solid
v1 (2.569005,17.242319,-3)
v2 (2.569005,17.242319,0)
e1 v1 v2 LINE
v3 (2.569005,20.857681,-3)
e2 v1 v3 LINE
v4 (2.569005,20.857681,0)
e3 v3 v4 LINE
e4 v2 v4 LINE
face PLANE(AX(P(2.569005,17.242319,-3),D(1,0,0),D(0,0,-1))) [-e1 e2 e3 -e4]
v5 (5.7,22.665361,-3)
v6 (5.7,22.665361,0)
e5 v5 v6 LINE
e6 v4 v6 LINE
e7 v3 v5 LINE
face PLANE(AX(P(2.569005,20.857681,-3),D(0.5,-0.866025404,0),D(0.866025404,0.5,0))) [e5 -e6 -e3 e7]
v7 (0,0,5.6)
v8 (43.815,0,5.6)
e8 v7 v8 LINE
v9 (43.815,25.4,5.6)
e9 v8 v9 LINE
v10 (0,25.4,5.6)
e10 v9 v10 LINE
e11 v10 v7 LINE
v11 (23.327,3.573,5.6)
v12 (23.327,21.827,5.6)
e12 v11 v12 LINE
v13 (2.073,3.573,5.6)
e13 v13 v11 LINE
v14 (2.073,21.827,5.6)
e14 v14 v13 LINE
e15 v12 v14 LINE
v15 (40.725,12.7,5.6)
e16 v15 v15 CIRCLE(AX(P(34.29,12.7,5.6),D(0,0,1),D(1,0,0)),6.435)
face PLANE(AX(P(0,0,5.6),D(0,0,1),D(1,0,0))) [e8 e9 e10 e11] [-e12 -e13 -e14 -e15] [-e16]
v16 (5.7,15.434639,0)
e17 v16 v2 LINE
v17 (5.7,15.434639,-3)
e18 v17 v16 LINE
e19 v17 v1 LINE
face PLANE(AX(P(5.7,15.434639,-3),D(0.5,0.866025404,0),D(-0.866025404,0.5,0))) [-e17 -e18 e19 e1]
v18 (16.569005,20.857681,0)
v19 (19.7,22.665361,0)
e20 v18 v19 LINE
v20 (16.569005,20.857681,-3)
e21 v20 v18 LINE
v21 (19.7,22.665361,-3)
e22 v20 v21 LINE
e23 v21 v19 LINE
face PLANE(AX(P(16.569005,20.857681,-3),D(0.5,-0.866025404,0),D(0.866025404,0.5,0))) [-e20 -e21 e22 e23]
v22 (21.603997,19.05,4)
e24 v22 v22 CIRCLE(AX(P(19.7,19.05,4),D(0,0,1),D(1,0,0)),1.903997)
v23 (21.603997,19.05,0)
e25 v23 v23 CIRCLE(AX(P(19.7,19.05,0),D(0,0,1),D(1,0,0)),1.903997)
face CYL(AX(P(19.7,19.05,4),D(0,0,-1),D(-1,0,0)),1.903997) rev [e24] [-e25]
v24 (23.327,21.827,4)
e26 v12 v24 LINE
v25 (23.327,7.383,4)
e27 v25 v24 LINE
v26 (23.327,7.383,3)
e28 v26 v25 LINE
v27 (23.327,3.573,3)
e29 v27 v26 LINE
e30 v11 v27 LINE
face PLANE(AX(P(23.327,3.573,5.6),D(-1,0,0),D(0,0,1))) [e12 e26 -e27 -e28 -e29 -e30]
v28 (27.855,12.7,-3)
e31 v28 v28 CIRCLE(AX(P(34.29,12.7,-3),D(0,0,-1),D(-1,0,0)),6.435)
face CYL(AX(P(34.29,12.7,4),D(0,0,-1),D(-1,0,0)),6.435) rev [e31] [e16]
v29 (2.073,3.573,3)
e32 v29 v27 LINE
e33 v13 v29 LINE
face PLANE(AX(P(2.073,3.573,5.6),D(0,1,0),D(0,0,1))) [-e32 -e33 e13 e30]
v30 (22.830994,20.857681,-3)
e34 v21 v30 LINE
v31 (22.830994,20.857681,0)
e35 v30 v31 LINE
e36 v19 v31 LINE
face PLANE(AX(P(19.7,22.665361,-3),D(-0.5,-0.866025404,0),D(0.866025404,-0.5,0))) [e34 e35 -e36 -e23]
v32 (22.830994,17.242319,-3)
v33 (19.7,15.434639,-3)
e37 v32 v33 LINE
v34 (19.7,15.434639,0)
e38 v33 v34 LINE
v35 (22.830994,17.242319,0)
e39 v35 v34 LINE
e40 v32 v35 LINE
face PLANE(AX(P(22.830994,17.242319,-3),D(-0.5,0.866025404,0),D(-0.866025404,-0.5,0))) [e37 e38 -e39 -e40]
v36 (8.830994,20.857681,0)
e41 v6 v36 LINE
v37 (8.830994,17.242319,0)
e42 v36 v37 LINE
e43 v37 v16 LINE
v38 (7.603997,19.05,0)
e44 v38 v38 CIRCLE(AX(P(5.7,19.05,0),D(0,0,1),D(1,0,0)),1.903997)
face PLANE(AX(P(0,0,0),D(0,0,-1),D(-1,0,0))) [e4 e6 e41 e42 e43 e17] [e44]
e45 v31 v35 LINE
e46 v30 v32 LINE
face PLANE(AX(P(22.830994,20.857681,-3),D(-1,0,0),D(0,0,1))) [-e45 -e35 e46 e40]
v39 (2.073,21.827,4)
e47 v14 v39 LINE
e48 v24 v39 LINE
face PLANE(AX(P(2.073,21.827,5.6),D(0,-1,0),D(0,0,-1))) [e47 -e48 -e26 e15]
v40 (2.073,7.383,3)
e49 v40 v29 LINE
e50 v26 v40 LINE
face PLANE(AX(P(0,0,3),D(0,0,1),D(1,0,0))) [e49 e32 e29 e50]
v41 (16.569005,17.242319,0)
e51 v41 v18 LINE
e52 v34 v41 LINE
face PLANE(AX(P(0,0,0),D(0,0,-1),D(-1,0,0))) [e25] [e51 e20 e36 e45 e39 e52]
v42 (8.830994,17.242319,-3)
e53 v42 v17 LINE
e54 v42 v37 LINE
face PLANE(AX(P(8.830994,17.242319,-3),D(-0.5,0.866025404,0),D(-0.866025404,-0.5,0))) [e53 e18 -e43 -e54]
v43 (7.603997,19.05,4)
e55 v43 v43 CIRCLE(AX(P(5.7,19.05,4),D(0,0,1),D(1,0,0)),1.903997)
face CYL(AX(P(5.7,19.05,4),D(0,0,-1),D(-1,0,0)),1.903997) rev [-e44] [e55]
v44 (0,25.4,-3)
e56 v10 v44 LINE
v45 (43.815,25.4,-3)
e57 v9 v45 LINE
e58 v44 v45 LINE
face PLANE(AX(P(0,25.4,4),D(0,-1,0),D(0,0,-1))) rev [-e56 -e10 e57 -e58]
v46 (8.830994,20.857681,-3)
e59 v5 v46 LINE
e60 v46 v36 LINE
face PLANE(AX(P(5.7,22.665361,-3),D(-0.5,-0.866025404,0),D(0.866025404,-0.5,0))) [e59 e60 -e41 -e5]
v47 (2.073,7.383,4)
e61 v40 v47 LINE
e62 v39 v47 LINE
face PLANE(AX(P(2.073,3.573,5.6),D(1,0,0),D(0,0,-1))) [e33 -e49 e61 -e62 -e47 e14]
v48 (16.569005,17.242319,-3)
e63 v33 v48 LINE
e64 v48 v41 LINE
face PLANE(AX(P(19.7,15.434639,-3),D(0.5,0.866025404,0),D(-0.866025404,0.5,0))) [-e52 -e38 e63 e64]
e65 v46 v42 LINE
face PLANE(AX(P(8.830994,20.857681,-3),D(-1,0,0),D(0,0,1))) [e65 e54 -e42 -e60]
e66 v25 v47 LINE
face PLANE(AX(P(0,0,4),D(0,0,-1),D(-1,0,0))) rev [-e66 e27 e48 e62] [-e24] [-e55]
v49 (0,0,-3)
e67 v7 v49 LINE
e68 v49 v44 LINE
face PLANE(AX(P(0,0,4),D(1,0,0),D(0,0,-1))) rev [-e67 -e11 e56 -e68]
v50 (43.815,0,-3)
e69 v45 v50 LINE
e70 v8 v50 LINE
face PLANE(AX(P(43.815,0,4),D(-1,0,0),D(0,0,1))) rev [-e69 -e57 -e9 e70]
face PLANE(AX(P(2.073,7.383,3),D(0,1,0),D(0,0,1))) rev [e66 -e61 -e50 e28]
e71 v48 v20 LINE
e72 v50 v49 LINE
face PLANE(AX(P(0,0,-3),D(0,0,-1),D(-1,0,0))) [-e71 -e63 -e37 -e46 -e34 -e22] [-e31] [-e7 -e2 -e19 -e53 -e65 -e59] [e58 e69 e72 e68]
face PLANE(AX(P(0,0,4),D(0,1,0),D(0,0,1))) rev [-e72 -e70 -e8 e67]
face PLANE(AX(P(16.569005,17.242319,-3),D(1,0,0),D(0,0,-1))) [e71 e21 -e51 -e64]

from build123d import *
from build123d.topology import SkipClean

# Parameters (mm, degrees)
SKETCH1_W           = 43.815
SKETCH1_H           = 25.4
SKETCH1_R           = 1.9039967
SKETCH1_R_2         = 6.435
BOSS_EXTRUDE1_DEPTH = 4.000000064
SKETCH2_W           = 43.815
SKETCH2_H           = 25.4
SKETCH2_R           = 6.435
SKETCH2_W_2         = 21.254
SKETCH2_H_2         = 18.254
BOSS_EXTRUDE2_DEPTH = 1.6
BOSS_EXTRUDE3_START = 3
SKETCH3_W           = 43.815
SKETCH3_H           = 25.4
SKETCH3_R           = 6.435
BOSS_EXTRUDE3_DEPTH = 3
SKETCH5_W           = 21.254
SKETCH5_H           = 3.81
CUT_EXTRUDE1_DEPTH  = 1


with BuildPart() as part:
    # Sketch1 → Boss-Extrude1 (new body)
    with BuildSketch(Plane.XY):
        with Locations((21.9075, 12.7)):
            Rectangle(SKETCH1_W, SKETCH1_H)
        with Locations((5.7, 19.05)):
            Circle(SKETCH1_R, mode=Mode.SUBTRACT)
        with Locations((19.7, 19.05)):
            Circle(SKETCH1_R, mode=Mode.SUBTRACT)
        with Locations((34.29, 12.7)):
            Circle(SKETCH1_R_2, mode=Mode.SUBTRACT)
    extrude(amount=BOSS_EXTRUDE1_DEPTH)

    # Sketch2 → Boss-Extrude2 (add)
    with BuildSketch(Plane.XY.offset(4.000000064)):
        with Locations((21.9075, 12.7)):
            Rectangle(SKETCH2_W, SKETCH2_H)
        with Locations((34.29, 12.7)):
            Circle(SKETCH2_R, mode=Mode.SUBTRACT)
        with Locations((12.7, 12.7)):
            Rectangle(SKETCH2_W_2, SKETCH2_H_2, mode=Mode.SUBTRACT)
    extrude(amount=BOSS_EXTRUDE2_DEPTH)

    # Sketch3 → Boss-Extrude3 (add)
    with SkipClean():  # the faces are left unmerged after this step: merging them gives an invalid solid
        with BuildSketch(Plane(origin=(0, 0, 0), x_dir=(-1, 0, 0), z_dir=(0, 0, -1)).offset(BOSS_EXTRUDE3_START)):
            with Locations((-21.9075, 12.7)):
                Rectangle(SKETCH3_W, SKETCH3_H)
            with Locations((-34.29, 12.7)):
                Circle(SKETCH3_R, mode=Mode.SUBTRACT)
            Polygon((-16.5690055, 17.242319483), (-16.5690055, 20.857680517), (-19.7, 22.665361035), (-22.8309945, 20.857680517), (-22.8309945, 17.242319483), (-19.7, 15.434638965), align=None, mode=Mode.SUBTRACT)
            Polygon((-2.5690055, 20.857680517), (-5.7, 22.665361035), (-8.8309945, 20.857680517), (-8.8309945, 17.242319483), (-5.7, 15.434638965), (-2.5690055, 17.242319483), align=None, mode=Mode.SUBTRACT)
        extrude(amount=-BOSS_EXTRUDE3_DEPTH)

    # Sketch5 → Cut-Extrude1 (cut)
    with SkipClean():  # the faces are left unmerged after this step: merging them gives an invalid solid
        with BuildSketch(Plane.XY.offset(4.000000064)):
            with Locations((12.7, 5.478)):
                Rectangle(SKETCH5_W, SKETCH5_H)
        extrude(amount=-CUT_EXTRUDE1_DEPTH, mode=Mode.SUBTRACT)


solid = part.part
